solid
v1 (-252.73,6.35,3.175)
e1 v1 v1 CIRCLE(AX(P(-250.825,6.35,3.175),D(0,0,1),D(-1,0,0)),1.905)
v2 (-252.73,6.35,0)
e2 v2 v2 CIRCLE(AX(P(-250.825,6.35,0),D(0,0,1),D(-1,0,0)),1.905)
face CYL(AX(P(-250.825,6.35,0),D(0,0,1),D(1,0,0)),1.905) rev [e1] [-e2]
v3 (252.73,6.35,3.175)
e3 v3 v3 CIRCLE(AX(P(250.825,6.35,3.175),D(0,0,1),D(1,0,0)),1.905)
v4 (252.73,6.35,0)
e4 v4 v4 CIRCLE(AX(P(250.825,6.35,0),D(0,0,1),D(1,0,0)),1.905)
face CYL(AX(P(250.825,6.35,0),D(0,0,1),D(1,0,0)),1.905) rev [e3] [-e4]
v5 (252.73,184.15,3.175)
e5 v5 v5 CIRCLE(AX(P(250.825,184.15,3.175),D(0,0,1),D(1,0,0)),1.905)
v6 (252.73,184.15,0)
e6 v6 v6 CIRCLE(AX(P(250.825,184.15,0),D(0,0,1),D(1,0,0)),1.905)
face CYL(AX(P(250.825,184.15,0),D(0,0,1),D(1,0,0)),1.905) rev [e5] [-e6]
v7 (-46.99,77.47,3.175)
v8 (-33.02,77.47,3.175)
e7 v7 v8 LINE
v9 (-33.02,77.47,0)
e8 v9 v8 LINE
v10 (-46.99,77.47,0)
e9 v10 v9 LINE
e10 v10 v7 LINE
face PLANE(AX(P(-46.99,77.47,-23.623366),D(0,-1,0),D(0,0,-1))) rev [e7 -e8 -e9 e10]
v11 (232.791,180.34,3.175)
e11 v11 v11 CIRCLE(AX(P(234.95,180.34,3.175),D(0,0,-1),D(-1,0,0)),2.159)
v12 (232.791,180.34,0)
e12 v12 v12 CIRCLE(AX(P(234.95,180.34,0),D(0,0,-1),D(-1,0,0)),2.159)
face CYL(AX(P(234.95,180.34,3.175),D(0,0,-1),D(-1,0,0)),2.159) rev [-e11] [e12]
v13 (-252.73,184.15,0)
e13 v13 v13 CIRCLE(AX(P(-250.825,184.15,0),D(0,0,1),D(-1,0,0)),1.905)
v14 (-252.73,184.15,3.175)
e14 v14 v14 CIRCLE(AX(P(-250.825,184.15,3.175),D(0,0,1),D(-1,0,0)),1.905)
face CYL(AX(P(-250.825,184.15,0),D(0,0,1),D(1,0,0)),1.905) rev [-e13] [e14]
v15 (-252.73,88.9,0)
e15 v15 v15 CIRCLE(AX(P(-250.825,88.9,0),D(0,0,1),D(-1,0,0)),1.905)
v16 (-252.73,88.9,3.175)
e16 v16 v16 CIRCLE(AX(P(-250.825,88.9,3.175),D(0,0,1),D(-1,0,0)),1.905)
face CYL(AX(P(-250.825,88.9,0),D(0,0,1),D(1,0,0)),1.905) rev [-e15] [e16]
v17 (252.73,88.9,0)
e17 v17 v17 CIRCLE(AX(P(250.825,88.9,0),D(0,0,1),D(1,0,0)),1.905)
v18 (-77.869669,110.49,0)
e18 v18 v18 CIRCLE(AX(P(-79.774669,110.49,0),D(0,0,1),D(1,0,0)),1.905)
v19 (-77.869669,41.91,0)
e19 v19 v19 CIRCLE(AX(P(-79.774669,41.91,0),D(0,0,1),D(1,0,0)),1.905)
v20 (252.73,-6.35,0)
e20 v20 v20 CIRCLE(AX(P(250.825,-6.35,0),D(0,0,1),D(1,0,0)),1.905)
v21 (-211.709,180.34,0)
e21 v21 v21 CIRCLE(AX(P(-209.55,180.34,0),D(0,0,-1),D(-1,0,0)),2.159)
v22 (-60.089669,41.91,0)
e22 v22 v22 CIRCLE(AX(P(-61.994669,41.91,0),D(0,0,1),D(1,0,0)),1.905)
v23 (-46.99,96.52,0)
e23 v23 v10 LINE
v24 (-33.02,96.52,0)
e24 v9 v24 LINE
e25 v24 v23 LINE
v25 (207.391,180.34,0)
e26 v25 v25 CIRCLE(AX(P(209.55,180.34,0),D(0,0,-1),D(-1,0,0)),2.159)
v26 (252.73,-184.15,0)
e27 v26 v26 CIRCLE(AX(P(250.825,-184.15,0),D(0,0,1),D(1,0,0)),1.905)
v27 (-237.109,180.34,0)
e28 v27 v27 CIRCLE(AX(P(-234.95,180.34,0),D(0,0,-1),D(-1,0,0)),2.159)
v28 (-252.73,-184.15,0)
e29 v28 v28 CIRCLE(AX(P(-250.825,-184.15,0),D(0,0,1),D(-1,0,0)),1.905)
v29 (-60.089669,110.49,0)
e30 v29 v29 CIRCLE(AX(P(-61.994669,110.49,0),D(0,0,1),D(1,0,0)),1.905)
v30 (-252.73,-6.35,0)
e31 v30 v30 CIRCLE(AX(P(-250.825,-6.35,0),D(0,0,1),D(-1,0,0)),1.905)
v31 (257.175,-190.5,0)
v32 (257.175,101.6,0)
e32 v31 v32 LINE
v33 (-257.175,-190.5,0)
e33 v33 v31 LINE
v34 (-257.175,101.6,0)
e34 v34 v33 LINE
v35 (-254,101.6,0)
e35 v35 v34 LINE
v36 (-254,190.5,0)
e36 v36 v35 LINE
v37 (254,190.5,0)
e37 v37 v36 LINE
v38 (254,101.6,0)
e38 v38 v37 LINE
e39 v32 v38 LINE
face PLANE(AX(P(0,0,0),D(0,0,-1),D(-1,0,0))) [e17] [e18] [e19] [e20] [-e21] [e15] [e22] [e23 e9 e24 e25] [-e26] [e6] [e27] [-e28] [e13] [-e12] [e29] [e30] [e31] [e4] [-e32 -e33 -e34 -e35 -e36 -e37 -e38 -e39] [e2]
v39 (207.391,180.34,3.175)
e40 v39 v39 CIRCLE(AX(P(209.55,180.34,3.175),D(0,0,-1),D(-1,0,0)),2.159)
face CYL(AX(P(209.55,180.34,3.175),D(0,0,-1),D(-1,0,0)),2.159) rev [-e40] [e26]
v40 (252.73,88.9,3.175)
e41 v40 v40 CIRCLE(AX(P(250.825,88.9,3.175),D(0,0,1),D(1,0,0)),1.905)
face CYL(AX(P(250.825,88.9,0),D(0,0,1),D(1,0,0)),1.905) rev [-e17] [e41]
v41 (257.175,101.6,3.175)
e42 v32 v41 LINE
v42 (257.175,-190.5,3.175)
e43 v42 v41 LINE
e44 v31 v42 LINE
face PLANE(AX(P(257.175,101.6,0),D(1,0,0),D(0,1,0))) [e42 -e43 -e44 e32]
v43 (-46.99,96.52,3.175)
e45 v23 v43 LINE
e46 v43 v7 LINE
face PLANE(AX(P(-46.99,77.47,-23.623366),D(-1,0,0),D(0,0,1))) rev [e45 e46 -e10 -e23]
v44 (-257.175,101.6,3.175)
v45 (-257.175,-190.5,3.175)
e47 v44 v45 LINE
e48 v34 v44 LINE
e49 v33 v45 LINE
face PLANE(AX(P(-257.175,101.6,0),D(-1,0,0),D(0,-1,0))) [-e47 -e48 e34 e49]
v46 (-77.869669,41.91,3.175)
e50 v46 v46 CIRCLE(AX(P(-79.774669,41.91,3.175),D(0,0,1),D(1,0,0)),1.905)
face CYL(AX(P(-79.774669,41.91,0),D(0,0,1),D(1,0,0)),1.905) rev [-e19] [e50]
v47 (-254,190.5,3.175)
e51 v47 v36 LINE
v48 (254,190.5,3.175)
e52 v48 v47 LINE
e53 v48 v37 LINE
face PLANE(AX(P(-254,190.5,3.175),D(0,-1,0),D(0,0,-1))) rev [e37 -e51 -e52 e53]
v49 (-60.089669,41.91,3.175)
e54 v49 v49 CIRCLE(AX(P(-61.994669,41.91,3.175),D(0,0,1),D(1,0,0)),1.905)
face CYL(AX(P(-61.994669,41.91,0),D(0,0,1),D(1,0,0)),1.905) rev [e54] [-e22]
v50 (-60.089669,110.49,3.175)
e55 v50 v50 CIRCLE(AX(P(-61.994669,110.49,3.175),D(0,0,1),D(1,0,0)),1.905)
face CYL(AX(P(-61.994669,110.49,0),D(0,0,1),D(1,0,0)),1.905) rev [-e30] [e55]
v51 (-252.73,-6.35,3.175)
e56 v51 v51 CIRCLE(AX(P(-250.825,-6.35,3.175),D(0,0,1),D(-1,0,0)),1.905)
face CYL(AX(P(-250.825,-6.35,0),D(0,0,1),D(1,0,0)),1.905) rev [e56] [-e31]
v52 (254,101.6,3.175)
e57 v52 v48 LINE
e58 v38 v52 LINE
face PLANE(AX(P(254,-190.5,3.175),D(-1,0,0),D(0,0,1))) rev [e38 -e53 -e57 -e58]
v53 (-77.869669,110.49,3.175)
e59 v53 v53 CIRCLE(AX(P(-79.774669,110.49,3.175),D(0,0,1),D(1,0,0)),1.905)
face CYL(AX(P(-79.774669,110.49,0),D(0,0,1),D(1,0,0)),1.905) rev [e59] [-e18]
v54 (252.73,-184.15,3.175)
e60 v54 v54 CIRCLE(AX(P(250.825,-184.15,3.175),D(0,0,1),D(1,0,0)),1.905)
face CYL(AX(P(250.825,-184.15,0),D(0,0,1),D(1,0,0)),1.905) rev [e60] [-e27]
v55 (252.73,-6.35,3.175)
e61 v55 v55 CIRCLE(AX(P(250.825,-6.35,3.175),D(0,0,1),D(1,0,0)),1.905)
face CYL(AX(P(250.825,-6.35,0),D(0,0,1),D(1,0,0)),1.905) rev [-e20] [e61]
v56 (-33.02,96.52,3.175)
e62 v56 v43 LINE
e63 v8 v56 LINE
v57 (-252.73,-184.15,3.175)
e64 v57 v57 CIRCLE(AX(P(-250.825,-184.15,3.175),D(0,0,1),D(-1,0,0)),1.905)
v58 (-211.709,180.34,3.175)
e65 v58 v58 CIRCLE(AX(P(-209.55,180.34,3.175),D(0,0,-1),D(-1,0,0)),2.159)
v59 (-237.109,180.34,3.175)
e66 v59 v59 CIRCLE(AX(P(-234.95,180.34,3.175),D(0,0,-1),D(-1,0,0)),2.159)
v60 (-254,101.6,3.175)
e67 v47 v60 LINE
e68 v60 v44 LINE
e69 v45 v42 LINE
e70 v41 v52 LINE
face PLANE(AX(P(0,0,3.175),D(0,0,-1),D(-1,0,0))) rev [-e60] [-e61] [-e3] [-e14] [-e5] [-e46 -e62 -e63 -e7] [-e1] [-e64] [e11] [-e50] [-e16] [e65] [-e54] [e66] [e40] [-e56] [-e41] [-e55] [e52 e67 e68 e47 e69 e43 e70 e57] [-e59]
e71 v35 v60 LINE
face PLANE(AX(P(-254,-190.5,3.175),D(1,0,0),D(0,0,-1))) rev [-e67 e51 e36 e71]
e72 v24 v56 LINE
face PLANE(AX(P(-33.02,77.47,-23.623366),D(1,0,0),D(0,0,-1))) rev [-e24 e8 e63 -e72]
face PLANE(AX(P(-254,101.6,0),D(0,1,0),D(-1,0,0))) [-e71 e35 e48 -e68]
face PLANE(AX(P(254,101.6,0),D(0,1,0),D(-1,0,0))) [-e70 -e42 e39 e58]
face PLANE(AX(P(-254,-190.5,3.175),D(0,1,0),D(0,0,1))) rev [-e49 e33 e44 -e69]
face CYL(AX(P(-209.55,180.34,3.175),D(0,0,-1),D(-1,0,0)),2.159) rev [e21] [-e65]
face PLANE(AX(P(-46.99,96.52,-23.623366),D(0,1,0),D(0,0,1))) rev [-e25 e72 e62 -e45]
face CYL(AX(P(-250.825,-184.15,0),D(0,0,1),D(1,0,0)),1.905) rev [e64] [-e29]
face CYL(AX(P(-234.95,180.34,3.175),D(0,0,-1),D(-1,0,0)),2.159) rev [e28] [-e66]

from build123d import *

# Parameters (mm, degrees)
SKETCH1_W           = 508
SKETCH1_H           = 381
BOSS_EXTRUDE1_DEPTH = 3.175
SKETCH3_W           = 13.97
SKETCH3_H           = 19.05
CUT_EXTRUDE2_DEPTH  = 3.175
SKETCH2_R           = 1.905
CUT_EXTRUDE1_DEPTH  = 3.175
SKETCH4_W           = 3.175
SKETCH4_H           = 292.1
BOSS_EXTRUDE2_DEPTH = 3.175
SKETCH5_R           = 2.159
CUT_EXTRUDE3_DEPTH  = 321.061417934


with BuildPart() as part:
    # Sketch1 → Boss-Extrude1 (new body)
    with BuildSketch(Plane.XY):
        Rectangle(SKETCH1_W, SKETCH1_H)
    extrude(amount=BOSS_EXTRUDE1_DEPTH)

    # Sketch3 → Cut-Extrude2 (cut)
    with BuildSketch(Plane.XY.offset(3.175)):
        with Locations((-40.005, 86.995)):
            Rectangle(SKETCH3_W, SKETCH3_H)
    extrude(amount=-CUT_EXTRUDE2_DEPTH, mode=Mode.SUBTRACT)

    # Sketch2 → Cut-Extrude1 (cut)
    with BuildSketch(Plane.XY.offset(3.175)):
        with Locations((250.825, 184.15)):
            Circle(SKETCH2_R)
        with Locations((250.825, -184.15)):
            Circle(SKETCH2_R)
        with Locations((-79.774669, 110.49)):
            Circle(SKETCH2_R)
        with Locations((-79.774669, 41.91)):
            Circle(SKETCH2_R)
        with Locations((-61.994669, 110.49)):
            Circle(SKETCH2_R)
        with Locations((-61.994669, 41.91)):
            Circle(SKETCH2_R)
        with Locations(Location((-250.825, 184.15, 0), (0, 0, 180))):
            Circle(SKETCH2_R)
        with Locations(Location((-250.825, 88.9, 0), (0, 0, 180))):
            Circle(SKETCH2_R)
        with Locations((250.825, 88.9)):
            Circle(SKETCH2_R)
        with Locations((250.825, 6.35)):
            Circle(SKETCH2_R)
        with Locations((250.825, -6.35)):
            Circle(SKETCH2_R)
        with Locations(Location((-250.825, 6.35, 0), (0, 0, 180))):
            Circle(SKETCH2_R)
        with Locations(Location((-250.825, -6.35, 0), (0, 0, 180))):
            Circle(SKETCH2_R)
        with Locations(Location((-250.825, -184.15, 0), (0, 0, 180))):
            Circle(SKETCH2_R)
    extrude(amount=-CUT_EXTRUDE1_DEPTH, mode=Mode.SUBTRACT)

    # Sketch4 → Boss-Extrude2 (add)
    with BuildSketch(Plane.XY.offset(3.175)):
        with Locations((255.5875, -44.45)):
            Rectangle(SKETCH4_W, SKETCH4_H)
        with Locations((-255.5875, -44.45)):
            Rectangle(SKETCH4_W, SKETCH4_H)
    extrude(amount=-BOSS_EXTRUDE2_DEPTH)

    # Sketch5 → Cut-Extrude3 (cut, through all)
    with BuildSketch(Plane(origin=(0, 0, 0), x_dir=(-1, 0, 0), z_dir=(0, 0, -1))):
        with Locations((234.95, 180.34)):
            Circle(SKETCH5_R)
        with Locations((209.55, 180.34)):
            Circle(SKETCH5_R)
        with Locations((-234.95, 180.34)):
            Circle(SKETCH5_R)
        with Locations((-209.55, 180.34)):
            Circle(SKETCH5_R)
    extrude(amount=-CUT_EXTRUDE3_DEPTH, mode=Mode.SUBTRACT)


solid = part.part
